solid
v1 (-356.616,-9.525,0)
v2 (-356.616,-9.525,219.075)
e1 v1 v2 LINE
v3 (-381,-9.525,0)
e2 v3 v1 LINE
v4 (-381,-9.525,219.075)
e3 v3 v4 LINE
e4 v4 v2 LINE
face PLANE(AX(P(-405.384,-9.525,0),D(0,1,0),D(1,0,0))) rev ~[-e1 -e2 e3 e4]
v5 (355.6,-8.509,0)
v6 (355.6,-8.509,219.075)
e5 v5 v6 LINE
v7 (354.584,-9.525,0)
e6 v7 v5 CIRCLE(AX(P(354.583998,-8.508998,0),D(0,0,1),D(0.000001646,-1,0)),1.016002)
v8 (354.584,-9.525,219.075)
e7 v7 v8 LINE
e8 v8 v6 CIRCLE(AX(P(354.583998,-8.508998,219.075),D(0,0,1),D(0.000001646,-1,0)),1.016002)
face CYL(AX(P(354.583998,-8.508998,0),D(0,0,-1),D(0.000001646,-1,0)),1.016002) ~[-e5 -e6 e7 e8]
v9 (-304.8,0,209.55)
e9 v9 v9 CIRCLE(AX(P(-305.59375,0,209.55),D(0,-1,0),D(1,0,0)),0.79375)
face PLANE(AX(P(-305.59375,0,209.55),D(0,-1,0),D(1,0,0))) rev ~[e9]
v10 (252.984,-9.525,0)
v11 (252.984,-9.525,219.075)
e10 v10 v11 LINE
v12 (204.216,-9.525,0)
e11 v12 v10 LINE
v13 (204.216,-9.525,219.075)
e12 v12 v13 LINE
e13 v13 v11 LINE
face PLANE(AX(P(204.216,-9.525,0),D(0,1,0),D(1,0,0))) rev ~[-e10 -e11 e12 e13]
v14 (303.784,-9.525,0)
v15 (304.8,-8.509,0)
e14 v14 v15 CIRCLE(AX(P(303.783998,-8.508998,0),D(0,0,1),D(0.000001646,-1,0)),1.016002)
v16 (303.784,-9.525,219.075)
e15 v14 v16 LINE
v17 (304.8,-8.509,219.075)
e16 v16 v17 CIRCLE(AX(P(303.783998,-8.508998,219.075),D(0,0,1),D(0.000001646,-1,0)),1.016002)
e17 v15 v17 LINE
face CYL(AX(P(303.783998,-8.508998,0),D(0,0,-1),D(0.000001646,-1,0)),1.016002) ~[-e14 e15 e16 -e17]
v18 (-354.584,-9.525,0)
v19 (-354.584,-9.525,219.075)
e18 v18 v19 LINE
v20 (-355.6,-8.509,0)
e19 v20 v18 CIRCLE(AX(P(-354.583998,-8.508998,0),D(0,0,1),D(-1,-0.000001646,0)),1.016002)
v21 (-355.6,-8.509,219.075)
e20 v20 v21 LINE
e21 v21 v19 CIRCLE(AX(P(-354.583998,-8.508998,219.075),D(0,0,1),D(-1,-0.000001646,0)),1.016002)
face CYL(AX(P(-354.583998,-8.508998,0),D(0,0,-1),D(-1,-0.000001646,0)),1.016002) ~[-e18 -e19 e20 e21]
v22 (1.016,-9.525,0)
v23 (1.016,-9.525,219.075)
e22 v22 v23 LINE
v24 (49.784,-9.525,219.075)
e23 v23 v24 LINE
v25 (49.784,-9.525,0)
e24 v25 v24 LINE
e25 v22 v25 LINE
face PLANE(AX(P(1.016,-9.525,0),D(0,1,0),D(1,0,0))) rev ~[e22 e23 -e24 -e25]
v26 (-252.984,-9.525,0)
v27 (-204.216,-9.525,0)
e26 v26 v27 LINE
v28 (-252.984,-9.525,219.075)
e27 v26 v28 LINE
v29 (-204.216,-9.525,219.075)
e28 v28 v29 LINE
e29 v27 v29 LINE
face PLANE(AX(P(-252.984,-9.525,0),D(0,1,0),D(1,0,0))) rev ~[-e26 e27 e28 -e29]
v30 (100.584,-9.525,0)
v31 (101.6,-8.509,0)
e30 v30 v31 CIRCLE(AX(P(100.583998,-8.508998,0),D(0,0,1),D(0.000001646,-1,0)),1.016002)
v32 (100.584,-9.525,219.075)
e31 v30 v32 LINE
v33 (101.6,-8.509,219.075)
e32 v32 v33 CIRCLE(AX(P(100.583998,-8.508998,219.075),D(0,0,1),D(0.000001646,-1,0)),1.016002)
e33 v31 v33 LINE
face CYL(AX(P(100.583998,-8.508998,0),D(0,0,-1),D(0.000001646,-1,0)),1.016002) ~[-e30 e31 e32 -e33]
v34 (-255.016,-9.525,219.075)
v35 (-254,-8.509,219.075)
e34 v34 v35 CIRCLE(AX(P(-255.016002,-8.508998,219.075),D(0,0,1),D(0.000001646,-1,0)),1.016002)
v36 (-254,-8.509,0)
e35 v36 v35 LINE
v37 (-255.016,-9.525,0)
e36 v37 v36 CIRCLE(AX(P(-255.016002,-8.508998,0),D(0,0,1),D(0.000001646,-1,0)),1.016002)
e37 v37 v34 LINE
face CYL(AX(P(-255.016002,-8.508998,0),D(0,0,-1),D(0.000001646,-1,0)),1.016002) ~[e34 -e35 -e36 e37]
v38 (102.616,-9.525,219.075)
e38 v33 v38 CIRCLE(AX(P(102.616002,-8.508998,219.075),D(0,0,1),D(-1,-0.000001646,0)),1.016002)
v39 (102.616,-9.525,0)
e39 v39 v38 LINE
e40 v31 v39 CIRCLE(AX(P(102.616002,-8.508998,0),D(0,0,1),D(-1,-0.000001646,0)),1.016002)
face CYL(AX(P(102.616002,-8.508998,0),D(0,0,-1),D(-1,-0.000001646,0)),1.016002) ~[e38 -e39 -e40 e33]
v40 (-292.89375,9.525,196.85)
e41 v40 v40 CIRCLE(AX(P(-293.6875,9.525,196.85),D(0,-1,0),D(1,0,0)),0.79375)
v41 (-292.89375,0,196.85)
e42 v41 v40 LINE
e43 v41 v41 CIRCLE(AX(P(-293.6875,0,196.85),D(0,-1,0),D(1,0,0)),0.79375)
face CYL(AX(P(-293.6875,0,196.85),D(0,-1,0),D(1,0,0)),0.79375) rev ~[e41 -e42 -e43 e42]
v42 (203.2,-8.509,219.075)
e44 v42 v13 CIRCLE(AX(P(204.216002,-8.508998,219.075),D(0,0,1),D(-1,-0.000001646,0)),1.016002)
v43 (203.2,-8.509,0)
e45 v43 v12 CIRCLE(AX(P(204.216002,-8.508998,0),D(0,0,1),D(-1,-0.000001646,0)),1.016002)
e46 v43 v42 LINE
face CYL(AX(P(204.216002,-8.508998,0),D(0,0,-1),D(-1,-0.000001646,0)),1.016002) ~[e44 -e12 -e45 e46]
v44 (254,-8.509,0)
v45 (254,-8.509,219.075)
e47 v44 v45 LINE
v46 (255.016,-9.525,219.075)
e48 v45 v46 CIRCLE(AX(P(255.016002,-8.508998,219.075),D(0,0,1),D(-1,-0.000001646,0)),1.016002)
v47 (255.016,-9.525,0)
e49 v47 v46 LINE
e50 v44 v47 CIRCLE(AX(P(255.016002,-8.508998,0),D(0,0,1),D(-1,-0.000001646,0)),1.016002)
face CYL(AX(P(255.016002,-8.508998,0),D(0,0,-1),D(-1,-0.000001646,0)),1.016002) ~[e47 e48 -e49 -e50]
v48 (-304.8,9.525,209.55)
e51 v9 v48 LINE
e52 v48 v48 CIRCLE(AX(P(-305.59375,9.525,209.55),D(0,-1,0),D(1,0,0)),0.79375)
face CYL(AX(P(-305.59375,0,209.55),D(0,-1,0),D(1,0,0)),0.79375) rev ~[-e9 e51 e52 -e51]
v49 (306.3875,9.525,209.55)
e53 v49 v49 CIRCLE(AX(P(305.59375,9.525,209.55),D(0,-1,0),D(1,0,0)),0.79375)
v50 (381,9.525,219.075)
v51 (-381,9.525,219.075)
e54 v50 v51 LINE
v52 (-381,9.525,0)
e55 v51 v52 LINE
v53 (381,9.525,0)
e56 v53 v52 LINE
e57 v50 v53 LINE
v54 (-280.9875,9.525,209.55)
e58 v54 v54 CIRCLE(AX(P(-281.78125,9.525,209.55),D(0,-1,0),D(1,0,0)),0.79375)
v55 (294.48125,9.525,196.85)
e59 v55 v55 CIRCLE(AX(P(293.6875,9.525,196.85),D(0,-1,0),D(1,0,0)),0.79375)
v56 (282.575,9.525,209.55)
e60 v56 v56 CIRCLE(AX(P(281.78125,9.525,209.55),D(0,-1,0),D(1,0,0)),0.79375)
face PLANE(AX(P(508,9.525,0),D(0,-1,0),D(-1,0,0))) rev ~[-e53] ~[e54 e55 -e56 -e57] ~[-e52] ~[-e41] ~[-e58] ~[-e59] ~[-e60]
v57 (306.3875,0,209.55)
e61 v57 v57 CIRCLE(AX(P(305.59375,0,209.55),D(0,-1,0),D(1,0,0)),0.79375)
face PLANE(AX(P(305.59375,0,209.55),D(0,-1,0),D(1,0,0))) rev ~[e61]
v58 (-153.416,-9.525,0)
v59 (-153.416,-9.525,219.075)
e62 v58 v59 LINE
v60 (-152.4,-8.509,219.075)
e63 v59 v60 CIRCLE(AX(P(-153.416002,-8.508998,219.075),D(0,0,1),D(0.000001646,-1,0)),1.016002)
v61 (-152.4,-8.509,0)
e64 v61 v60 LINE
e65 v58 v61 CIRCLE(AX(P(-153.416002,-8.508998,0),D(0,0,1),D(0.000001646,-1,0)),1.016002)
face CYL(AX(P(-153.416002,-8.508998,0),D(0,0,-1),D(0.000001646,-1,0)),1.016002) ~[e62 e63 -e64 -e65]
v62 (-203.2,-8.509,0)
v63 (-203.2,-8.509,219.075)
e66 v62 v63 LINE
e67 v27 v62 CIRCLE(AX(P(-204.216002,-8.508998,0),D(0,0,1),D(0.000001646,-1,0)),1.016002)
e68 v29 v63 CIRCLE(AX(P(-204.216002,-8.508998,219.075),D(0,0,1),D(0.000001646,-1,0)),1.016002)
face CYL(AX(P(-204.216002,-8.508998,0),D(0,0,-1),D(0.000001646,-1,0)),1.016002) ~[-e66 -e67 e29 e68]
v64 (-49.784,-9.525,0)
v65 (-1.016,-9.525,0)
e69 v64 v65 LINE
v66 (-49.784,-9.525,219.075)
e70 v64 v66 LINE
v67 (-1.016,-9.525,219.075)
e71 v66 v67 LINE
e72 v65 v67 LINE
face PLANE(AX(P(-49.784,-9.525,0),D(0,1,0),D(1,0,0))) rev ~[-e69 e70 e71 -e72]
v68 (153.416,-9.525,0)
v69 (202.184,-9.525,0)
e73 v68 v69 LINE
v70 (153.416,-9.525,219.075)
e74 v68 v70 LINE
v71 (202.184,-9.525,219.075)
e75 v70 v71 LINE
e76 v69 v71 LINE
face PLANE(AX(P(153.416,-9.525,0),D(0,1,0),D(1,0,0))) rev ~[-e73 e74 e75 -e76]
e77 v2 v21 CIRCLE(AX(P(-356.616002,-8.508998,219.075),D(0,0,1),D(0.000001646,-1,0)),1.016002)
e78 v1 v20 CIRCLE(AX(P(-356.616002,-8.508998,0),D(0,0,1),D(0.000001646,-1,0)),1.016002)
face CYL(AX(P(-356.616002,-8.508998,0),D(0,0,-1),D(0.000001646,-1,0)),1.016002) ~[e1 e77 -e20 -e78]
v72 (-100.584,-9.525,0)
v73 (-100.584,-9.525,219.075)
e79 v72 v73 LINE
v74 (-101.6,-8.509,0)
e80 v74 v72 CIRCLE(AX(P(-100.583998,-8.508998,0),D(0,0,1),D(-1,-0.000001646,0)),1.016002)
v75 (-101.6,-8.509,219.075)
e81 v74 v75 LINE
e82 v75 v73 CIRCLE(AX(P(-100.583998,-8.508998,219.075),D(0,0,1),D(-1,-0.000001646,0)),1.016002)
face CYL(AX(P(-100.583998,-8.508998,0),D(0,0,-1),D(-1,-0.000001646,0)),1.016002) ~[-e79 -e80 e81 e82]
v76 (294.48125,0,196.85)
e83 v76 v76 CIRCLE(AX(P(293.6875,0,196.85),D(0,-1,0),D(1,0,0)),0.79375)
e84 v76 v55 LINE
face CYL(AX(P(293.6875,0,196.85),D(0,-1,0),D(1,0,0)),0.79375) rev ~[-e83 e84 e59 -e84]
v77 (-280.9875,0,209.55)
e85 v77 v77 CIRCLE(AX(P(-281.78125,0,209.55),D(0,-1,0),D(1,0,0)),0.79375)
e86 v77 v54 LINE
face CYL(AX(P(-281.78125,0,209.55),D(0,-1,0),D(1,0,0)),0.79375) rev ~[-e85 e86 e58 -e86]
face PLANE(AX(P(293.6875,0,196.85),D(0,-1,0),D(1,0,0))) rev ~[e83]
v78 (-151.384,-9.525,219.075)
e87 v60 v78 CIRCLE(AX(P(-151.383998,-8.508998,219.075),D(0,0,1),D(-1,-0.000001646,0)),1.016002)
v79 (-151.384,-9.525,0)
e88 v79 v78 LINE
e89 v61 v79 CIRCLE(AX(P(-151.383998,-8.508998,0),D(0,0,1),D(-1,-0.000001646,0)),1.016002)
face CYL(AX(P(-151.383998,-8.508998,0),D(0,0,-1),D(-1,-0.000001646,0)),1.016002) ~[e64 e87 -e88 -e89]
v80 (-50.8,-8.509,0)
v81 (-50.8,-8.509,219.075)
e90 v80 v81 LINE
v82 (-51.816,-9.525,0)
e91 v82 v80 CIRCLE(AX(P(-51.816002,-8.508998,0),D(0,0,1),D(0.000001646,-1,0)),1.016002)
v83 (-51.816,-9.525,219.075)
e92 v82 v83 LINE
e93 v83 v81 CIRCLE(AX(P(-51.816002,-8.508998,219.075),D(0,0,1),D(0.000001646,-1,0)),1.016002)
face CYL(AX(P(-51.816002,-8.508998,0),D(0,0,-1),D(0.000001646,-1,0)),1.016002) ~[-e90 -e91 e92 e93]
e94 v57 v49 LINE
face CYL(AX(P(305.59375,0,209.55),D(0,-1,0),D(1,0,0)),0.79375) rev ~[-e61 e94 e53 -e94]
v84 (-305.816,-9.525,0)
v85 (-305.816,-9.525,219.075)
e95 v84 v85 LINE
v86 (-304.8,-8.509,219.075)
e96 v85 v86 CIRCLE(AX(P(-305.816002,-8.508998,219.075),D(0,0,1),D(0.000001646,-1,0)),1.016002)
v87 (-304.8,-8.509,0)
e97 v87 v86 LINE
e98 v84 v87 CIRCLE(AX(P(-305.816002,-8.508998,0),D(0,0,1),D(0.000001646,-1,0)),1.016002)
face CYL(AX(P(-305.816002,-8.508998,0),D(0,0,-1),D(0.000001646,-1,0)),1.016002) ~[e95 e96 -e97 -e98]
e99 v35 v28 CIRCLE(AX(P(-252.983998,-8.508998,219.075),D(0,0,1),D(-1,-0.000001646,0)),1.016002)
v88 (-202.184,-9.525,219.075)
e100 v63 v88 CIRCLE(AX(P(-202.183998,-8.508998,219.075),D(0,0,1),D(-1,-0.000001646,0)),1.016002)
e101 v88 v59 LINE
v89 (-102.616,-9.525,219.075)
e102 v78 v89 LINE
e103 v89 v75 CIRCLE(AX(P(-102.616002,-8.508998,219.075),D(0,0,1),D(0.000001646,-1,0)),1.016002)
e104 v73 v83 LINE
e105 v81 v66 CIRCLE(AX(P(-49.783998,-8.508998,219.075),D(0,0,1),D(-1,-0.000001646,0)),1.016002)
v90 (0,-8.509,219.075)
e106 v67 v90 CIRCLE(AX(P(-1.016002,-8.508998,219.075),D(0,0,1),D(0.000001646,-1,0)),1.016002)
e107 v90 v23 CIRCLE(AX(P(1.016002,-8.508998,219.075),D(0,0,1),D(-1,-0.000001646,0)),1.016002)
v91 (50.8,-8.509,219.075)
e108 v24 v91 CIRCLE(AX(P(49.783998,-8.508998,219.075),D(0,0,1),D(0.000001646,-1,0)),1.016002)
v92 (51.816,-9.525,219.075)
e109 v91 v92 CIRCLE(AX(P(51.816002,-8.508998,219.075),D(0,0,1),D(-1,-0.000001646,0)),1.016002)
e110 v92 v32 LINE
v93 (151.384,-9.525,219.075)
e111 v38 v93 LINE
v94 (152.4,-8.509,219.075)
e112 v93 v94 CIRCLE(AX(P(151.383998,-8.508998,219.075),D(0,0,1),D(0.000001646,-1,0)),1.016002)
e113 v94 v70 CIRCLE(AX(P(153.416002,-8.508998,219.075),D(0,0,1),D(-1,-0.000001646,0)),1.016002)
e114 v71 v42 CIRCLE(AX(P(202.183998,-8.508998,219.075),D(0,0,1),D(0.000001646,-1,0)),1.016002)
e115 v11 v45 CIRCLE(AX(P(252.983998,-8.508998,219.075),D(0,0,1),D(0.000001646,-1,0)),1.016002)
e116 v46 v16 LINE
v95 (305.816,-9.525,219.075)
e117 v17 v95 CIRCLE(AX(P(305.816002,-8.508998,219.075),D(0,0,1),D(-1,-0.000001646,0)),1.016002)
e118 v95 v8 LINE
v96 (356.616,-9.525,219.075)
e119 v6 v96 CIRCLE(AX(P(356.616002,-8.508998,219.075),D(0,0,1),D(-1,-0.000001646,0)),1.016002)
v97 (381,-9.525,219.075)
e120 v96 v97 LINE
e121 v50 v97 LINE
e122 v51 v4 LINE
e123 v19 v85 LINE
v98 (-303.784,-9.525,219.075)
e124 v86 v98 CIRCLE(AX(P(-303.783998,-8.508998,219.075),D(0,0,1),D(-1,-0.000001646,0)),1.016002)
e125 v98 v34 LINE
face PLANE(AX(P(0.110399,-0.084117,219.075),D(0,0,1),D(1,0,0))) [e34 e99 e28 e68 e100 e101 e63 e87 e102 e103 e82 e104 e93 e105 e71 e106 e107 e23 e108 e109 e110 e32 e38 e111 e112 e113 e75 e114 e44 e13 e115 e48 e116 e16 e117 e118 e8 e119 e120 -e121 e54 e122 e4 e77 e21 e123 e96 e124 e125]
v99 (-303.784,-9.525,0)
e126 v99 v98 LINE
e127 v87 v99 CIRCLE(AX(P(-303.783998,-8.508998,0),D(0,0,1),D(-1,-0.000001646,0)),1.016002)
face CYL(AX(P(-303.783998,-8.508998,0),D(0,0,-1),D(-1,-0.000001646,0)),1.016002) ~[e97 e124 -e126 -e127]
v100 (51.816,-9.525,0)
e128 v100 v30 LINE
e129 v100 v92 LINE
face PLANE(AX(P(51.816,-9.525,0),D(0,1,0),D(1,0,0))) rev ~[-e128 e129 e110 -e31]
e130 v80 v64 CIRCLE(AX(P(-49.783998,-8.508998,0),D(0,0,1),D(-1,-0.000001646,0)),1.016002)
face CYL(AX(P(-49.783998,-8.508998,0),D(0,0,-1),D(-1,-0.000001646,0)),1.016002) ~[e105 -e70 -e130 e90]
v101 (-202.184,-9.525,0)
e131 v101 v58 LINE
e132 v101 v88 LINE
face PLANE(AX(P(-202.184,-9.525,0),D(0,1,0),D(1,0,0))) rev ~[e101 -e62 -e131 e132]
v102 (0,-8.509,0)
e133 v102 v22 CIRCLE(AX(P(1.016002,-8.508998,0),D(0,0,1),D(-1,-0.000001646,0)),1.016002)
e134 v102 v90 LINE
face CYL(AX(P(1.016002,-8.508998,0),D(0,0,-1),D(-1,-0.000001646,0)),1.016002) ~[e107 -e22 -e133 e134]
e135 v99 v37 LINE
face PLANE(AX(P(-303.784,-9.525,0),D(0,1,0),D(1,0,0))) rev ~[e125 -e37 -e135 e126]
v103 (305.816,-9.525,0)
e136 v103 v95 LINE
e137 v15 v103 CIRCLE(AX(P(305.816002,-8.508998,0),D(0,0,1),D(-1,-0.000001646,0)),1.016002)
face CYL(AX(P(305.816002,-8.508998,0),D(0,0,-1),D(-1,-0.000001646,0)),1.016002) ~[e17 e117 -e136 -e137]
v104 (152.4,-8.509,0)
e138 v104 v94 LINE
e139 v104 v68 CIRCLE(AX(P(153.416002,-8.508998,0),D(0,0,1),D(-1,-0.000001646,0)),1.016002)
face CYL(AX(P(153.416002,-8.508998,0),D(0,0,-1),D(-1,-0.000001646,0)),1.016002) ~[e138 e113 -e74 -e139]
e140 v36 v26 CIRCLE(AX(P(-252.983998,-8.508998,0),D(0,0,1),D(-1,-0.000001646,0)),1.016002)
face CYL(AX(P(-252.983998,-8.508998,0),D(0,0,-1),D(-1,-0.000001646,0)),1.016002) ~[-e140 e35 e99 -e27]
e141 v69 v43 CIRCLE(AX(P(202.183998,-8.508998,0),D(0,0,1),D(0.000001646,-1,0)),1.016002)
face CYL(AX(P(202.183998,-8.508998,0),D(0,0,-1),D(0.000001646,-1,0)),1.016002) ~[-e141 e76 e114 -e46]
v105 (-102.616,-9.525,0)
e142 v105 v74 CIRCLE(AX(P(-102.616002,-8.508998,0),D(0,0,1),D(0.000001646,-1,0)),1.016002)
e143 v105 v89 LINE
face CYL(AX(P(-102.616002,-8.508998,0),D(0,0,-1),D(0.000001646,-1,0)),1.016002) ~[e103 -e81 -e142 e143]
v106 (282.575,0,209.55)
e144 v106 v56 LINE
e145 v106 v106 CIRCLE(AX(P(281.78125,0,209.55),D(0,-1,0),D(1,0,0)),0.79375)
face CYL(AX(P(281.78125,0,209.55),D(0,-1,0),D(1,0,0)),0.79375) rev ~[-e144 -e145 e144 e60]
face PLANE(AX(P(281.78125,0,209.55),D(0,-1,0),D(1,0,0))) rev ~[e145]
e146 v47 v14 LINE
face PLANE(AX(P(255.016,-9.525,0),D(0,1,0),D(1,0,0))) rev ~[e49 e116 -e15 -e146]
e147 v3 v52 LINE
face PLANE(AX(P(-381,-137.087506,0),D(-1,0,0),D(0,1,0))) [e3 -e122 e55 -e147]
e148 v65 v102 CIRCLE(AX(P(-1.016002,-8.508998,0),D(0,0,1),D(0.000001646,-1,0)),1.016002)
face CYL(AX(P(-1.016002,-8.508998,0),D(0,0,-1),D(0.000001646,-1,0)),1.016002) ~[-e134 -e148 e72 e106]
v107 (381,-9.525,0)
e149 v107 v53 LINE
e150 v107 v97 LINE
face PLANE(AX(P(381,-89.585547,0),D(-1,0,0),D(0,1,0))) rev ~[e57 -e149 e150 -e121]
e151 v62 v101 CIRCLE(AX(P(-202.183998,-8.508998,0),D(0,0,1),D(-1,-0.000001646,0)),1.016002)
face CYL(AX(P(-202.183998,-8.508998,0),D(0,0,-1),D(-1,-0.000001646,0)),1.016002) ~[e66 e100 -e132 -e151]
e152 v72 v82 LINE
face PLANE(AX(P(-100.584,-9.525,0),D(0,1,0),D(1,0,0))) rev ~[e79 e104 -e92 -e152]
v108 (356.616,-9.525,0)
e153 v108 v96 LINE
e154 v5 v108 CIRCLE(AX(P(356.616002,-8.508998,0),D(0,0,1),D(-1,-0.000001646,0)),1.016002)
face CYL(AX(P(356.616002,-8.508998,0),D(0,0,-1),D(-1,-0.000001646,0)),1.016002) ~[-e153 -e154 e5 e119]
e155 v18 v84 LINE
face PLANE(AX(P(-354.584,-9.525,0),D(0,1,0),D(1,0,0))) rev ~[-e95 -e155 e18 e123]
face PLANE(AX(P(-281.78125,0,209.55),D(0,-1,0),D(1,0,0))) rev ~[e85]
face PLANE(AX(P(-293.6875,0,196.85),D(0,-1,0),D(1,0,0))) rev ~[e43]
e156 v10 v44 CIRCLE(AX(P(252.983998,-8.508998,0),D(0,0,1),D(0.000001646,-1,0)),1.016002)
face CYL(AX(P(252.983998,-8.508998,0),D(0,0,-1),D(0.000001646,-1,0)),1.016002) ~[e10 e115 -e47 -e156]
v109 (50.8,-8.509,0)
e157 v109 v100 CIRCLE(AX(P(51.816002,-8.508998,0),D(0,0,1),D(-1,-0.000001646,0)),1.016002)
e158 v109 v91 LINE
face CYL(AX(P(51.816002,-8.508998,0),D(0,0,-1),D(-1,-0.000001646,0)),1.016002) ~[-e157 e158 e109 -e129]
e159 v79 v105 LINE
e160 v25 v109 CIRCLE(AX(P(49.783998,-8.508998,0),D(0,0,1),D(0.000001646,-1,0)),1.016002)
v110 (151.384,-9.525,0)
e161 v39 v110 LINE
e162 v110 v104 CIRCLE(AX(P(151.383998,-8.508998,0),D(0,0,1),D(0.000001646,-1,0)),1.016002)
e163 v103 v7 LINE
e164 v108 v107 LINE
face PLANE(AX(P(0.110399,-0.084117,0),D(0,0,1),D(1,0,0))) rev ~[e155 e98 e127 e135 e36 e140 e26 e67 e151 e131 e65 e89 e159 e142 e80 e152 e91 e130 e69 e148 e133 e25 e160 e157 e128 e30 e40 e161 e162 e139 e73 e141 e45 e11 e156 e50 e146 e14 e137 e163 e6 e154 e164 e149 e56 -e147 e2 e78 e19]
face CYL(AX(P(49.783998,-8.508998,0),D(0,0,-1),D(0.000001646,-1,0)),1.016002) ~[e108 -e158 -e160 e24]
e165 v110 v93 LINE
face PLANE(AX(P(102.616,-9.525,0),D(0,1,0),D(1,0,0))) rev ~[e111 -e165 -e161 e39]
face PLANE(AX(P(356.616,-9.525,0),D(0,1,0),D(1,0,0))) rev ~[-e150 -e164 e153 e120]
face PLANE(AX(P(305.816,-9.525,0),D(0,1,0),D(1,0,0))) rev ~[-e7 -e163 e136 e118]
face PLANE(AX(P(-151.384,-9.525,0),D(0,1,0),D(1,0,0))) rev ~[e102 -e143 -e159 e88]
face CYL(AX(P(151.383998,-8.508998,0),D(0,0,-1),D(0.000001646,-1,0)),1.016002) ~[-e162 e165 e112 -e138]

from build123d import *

# Parameters (mm, degrees)
F1_DEPTH = 219.075
F2_W     = 343.069662
F2_H     = 137.227848
F2_W_2   = 304.364362
F2_H_2   = 195.285798
F3_DEPTH = 1143
F4_R     = 0.79375
F5_DEPTH = 25.4


with BuildPart() as f1:
    # F0 (on Top) → F1 (new body)
    with BuildSketch(Plane.XY):
        with BuildLine():
            Line((458.216, -9.525), (508, -9.525))
            Line((508, -9.525), (508, 9.525))
            Line((508, 9.525), (-508, 9.525))
            Line((-508, 9.525), (-508, -8.509))
            ThreePointArc((-508, -8.509), (-507.70242, -9.22742), (-506.984, -9.525))
            Line((-506.984, -9.525), (-458.216, -9.525))
            ThreePointArc((-458.216, -9.525), (-457.49758, -9.22742), (-457.2, -8.509))
            ThreePointArc((-457.2, -8.509), (-456.90242, -9.22742), (-456.184, -9.525))
            Line((-456.184, -9.525), (-407.416, -9.525))
            ThreePointArc((-407.416, -9.525), (-406.69758, -9.22742), (-406.4, -8.509))
            ThreePointArc((-406.4, -8.509), (-406.10242, -9.22742), (-405.384, -9.525))
            Line((-405.384, -9.525), (-356.616, -9.525))
            ThreePointArc((-356.616, -9.525), (-355.89758, -9.22742), (-355.6, -8.509))
            ThreePointArc((-355.6, -8.509), (-355.30242, -9.22742), (-354.584, -9.525))
            Line((-354.584, -9.525), (-305.816, -9.525))
            ThreePointArc((-305.816, -9.525), (-305.09758, -9.22742), (-304.8, -8.509))
            ThreePointArc((-304.8, -8.509), (-304.50242, -9.22742), (-303.784, -9.525))
            Line((-303.784, -9.525), (-255.016, -9.525))
            ThreePointArc((-255.016, -9.525), (-254.29758, -9.22742), (-254, -8.509))
            ThreePointArc((-254, -8.509), (-253.70242, -9.22742), (-252.984, -9.525))
            Line((-252.984, -9.525), (-204.216, -9.525))
            ThreePointArc((-204.216, -9.525), (-203.49758, -9.22742), (-203.2, -8.509))
            ThreePointArc((-203.2, -8.509), (-202.90242, -9.22742), (-202.184, -9.525))
            Line((-202.184, -9.525), (-153.416, -9.525))
            ThreePointArc((-153.416, -9.525), (-152.69758, -9.22742), (-152.4, -8.509))
            ThreePointArc((-152.4, -8.509), (-152.10242, -9.22742), (-151.384, -9.525))
            Line((-151.384, -9.525), (-102.616, -9.525))
            ThreePointArc((-102.616, -9.525), (-101.89758, -9.22742), (-101.6, -8.509))
            ThreePointArc((-101.6, -8.509), (-101.30242, -9.22742), (-100.584, -9.525))
            Line((-100.584, -9.525), (-51.816, -9.525))
            ThreePointArc((-51.816, -9.525), (-51.09758, -9.22742), (-50.8, -8.509))
            ThreePointArc((-50.8, -8.509), (-50.50242, -9.22742), (-49.784, -9.525))
            Line((-49.784, -9.525), (-1.016, -9.525))
            ThreePointArc((-1.016, -9.525), (-0.29758, -9.22742), (0, -8.509))
            ThreePointArc((0, -8.509), (0.29758, -9.22742), (1.016, -9.525))
            Line((1.016, -9.525), (49.784, -9.525))
            ThreePointArc((49.784, -9.525), (50.50242, -9.22742), (50.8, -8.509))
            ThreePointArc((50.8, -8.509), (51.09758, -9.22742), (51.816, -9.525))
            Line((51.816, -9.525), (100.584, -9.525))
            ThreePointArc((100.584, -9.525), (101.30242, -9.22742), (101.6, -8.509))
            ThreePointArc((101.6, -8.509), (101.89758, -9.22742), (102.616, -9.525))
            Line((102.616, -9.525), (151.384, -9.525))
            ThreePointArc((151.384, -9.525), (152.10242, -9.22742), (152.4, -8.509))
            ThreePointArc((152.4, -8.509), (152.69758, -9.22742), (153.416, -9.525))
            Line((153.416, -9.525), (202.184, -9.525))
            ThreePointArc((202.184, -9.525), (202.90242, -9.22742), (203.2, -8.509))
            ThreePointArc((203.2, -8.509), (203.49758, -9.22742), (204.216, -9.525))
            Line((204.216, -9.525), (252.984, -9.525))
            ThreePointArc((252.984, -9.525), (253.70242, -9.22742), (254, -8.509))
            ThreePointArc((254, -8.509), (254.29758, -9.22742), (255.016, -9.525))
            Line((255.016, -9.525), (303.784, -9.525))
            ThreePointArc((303.784, -9.525), (304.50242, -9.22742), (304.8, -8.509))
            ThreePointArc((304.8, -8.509), (305.09758, -9.22742), (305.816, -9.525))
            Line((305.816, -9.525), (354.584, -9.525))
            ThreePointArc((354.584, -9.525), (355.30242, -9.22742), (355.6, -8.509))
            ThreePointArc((355.6, -8.509), (355.89758, -9.22742), (356.616, -9.525))
            Line((356.616, -9.525), (405.384, -9.525))
            ThreePointArc((405.384, -9.525), (406.10242, -9.22742), (406.4, -8.509))
            ThreePointArc((406.4, -8.509), (406.69758, -9.22742), (407.416, -9.525))
            Line((407.416, -9.525), (456.184, -9.525))
            ThreePointArc((456.184, -9.525), (456.90242, -9.22742), (457.2, -8.509))
            ThreePointArc((457.2, -8.509), (457.49758, -9.22742), (458.216, -9.525))
        make_face()
        with BuildLine():
            ThreePointArc((-506.984, -9.525), (-507.70242, -9.22742), (-508, -8.509))
            Line((-508, -8.509), (-508, -9.525))
            Line((-508, -9.525), (-506.984, -9.525))
        make_face()
    extrude(amount=F1_DEPTH)

    # F2 (on Top) → F3 (cut)
    with BuildSketch(Plane.XY):
        with Locations((552.534831, -20.971623)):
            Rectangle(F2_W, F2_H)
        with Locations((-533.182181, -39.444607)):
            Rectangle(F2_W_2, F2_H_2)
    extrude(amount=F3_DEPTH, mode=Mode.SUBTRACT)

    # F4 (on Front) → F5 (cut)
    with BuildSketch(Plane.XZ):
        with Locations((-293.6875, 196.85)):
            Circle(F4_R)
        with Locations((-281.78125, 209.55)):
            Circle(F4_R)
        with Locations((-305.59375, 209.55)):
            Circle(F4_R)
        with Locations((293.6875, 196.85)):
            Circle(F4_R)
        with Locations((305.59375, 209.55)):
            Circle(F4_R)
        with Locations((281.78125, 209.55)):
            Circle(F4_R)
    extrude(amount=-F5_DEPTH, mode=Mode.SUBTRACT)


solid = f1.part
